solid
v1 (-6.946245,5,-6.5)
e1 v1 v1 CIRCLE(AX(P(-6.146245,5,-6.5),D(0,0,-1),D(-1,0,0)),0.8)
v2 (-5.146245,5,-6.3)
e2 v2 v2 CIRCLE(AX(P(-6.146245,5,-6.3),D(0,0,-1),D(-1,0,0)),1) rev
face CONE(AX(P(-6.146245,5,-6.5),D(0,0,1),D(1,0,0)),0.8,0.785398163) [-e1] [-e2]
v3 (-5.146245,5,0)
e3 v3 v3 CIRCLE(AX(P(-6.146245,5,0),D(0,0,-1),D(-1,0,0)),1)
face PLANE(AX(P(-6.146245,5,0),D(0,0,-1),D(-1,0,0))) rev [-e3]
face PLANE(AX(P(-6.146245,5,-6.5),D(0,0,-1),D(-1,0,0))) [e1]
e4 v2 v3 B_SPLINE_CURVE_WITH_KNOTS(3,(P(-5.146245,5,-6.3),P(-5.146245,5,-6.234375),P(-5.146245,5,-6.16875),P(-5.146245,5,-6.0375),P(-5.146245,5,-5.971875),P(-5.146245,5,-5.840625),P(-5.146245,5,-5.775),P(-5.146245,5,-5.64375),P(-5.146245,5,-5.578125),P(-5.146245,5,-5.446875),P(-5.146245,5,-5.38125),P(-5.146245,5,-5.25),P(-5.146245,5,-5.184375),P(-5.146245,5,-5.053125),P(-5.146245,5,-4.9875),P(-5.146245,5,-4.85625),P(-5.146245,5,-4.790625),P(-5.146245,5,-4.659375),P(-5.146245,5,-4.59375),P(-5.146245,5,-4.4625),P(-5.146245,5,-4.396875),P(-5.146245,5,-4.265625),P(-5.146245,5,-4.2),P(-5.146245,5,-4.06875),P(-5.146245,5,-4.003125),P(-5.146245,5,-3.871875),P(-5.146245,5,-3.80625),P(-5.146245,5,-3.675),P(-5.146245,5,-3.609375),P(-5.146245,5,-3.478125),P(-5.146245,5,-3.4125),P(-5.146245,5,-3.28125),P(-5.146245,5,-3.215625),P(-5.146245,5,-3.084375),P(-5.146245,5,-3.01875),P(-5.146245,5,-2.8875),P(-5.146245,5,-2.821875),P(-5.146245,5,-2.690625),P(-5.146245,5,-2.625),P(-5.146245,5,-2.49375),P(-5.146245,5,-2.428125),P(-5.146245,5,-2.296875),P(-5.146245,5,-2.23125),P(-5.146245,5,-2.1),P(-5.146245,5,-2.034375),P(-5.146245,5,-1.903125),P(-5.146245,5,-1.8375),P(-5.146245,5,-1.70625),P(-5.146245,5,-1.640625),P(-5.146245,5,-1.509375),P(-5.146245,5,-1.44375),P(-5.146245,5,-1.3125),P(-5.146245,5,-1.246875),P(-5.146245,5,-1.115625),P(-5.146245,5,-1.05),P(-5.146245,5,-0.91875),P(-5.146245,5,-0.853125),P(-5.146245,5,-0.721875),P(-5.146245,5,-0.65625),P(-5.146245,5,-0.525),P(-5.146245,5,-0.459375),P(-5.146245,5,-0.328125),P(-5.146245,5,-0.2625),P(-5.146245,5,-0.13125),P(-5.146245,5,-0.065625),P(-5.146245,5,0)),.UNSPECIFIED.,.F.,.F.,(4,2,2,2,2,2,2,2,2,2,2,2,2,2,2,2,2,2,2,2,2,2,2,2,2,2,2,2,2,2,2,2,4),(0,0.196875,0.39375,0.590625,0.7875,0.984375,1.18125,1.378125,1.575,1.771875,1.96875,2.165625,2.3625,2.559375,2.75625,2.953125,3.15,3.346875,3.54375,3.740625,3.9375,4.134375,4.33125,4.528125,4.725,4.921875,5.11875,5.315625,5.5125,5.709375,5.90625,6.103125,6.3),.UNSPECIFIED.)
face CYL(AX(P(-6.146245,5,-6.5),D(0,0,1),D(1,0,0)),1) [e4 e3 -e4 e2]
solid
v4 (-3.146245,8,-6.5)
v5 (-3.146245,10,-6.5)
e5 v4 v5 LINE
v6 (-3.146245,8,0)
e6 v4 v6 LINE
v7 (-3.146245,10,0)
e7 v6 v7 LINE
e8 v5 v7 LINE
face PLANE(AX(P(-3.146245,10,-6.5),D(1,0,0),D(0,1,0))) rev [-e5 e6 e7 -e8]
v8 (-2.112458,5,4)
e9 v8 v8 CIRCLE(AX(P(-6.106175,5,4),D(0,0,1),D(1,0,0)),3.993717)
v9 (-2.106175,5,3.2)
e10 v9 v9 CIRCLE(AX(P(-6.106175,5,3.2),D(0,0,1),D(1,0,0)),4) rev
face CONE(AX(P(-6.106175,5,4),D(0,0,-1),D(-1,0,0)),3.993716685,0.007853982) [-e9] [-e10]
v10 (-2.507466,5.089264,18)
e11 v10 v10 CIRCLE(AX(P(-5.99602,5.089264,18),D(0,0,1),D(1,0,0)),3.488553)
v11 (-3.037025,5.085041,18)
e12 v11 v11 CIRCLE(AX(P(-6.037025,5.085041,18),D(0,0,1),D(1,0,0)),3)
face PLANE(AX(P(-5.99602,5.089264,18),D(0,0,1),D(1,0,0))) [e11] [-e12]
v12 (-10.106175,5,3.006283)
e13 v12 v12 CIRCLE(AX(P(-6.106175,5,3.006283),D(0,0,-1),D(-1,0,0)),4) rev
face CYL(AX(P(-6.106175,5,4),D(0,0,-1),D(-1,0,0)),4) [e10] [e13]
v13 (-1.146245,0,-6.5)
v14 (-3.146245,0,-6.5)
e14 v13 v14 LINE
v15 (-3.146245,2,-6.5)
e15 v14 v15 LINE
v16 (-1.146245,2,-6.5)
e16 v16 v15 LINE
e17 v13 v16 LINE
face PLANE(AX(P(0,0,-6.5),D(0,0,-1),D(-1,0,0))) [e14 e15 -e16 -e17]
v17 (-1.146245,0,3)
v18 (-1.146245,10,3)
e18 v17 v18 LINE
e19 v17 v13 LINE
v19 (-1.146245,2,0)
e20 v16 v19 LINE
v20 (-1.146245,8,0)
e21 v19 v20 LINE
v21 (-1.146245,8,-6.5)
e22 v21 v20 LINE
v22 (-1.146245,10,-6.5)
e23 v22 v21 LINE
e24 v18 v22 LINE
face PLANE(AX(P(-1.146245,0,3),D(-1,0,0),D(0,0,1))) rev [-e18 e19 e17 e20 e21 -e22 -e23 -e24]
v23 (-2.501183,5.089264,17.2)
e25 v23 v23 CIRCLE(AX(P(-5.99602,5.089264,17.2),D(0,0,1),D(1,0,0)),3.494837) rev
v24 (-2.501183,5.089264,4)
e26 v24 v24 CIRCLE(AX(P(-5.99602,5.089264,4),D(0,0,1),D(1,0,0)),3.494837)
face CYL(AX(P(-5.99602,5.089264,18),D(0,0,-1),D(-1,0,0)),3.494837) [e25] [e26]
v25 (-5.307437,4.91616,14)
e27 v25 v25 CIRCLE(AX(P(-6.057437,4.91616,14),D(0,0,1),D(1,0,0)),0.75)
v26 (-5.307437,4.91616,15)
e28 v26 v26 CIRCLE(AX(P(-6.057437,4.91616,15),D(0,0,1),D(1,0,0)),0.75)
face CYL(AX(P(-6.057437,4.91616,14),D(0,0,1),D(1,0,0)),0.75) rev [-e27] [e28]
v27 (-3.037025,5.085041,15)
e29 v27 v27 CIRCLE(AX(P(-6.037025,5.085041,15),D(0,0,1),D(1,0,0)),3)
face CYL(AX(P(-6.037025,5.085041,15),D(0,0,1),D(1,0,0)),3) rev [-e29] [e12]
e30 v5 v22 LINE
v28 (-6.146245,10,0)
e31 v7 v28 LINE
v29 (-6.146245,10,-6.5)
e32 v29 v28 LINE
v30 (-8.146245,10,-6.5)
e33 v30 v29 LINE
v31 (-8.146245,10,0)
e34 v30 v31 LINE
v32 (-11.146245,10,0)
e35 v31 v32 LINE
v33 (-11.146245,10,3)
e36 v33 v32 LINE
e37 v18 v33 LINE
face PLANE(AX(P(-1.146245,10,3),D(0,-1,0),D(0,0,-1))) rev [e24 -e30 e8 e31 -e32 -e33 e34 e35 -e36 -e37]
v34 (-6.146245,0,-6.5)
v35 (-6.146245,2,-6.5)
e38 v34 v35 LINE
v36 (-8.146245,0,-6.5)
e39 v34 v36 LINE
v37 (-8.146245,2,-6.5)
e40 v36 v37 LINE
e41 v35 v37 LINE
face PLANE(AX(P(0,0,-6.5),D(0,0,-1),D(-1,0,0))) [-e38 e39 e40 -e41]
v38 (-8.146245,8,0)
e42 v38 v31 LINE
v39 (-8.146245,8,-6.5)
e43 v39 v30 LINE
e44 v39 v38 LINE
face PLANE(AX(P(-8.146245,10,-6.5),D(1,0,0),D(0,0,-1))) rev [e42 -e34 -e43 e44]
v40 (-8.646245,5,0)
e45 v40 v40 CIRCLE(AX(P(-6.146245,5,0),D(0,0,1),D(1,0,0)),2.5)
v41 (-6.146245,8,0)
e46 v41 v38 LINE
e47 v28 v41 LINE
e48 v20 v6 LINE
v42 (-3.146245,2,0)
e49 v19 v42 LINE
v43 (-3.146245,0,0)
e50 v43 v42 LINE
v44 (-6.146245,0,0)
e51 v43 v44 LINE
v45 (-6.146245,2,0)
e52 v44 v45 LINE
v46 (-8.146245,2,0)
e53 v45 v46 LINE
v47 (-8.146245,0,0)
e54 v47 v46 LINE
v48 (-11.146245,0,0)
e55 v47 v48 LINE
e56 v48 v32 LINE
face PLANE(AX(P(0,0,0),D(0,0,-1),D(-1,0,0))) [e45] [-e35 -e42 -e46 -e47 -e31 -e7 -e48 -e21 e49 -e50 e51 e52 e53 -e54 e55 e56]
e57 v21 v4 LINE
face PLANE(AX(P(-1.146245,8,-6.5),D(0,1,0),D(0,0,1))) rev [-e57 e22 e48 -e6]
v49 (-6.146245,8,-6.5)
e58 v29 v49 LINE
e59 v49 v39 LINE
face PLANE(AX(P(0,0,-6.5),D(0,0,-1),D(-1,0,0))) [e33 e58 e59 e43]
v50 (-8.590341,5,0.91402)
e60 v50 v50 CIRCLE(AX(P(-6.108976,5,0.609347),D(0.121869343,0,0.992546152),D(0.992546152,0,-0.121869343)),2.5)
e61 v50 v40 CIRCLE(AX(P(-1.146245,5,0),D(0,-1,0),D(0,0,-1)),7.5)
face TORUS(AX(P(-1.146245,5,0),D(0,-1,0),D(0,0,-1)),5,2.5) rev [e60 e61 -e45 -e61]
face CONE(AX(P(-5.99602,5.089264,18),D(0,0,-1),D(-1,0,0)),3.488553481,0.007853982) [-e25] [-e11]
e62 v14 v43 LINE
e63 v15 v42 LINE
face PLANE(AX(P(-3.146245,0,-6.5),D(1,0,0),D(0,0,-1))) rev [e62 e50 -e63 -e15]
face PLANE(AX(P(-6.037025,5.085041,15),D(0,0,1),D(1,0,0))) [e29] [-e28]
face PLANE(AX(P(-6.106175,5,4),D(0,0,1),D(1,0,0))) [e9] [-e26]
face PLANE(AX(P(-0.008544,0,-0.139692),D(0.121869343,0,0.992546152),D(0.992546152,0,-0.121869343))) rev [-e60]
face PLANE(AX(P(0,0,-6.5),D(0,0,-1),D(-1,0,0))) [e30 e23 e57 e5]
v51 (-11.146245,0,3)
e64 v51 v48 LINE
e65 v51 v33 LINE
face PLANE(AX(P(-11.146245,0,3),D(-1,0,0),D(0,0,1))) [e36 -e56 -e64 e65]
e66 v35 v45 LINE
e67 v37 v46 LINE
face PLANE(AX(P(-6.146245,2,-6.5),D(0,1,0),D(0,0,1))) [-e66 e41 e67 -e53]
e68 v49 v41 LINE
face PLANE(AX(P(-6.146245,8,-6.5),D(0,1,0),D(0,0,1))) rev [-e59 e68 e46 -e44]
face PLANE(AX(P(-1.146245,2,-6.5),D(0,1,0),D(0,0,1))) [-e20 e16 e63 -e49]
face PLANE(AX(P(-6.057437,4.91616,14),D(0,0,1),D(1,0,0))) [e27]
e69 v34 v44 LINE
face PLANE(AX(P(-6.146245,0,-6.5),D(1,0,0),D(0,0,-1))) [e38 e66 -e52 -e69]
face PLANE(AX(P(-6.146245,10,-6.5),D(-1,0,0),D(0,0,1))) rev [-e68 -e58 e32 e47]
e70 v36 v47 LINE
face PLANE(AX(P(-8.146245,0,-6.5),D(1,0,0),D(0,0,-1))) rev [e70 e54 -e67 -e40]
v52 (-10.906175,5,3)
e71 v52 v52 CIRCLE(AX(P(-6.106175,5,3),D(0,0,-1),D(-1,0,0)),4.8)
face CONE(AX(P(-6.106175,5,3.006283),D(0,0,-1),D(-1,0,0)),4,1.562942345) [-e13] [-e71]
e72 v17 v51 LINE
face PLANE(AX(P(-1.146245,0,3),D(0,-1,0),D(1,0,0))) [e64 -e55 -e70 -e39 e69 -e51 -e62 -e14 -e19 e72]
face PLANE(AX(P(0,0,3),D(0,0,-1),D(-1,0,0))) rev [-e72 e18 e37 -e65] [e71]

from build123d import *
from OCP.BRepFilletAPI import BRepFilletAPI_MakeChamfer

# Parameters (mm, degrees)
SKETCH1_W           = 10
SKETCH1_H           = 10
BOSS_EXTRUDE1_DEPTH = 3
SKETCH2_R           = 2.5
CUT_REVOLVE1_ANGLE  = 7
SKETCH3_W           = 2
SKETCH3_H           = 2
BOSS_EXTRUDE2_DEPTH = 6.5
SKETCH4_W           = 2
SKETCH4_H           = 2
BOSS_EXTRUDE3_DEPTH = 6.5
SKETCH5_W           = 2
SKETCH5_H           = 2
BOSS_EXTRUDE4_DEPTH = 6.5
SKETCH6_R           = 1
BOSS_EXTRUDE5_DEPTH = 6.5
CHAMFER2_SIZE       = 0.2
SKETCH7_R           = 4
BOSS_EXTRUDE6_DEPTH = 1
CHAMFER10_SIZE      = 0.8
CHAMFER10_SIZE2     = 0.006283315
SKETCH9_R           = 3.494836796
BOSS_EXTRUDE7_DEPTH = 14
CHAMFER11_SIZE      = 0.8
CHAMFER11_SIZE2     = 0.006283315
SKETCH11_R          = 3
CUT_EXTRUDE1_DEPTH  = 3
SKETCH12_R          = 0.75
CUT_EXTRUDE2_DEPTH  = 1


with BuildPart() as part:
    # Sketch1 → Boss-Extrude1 (new body)
    with BuildSketch(Plane.XY):
        with Locations((-6.146245059, 5)):
            Rectangle(SKETCH1_W, SKETCH1_H)
    extrude(amount=BOSS_EXTRUDE1_DEPTH)

    # Sketch2 → Cut-Revolve1 (revolve, cut)
    with BuildSketch(Plane.XY):
        with Locations((-6.146245059, 5)):
            Circle(SKETCH2_R)
    revolve(axis=Axis((-1.146245059, 0, 0), (0, 1, 0)), revolution_arc=CUT_REVOLVE1_ANGLE, mode=Mode.SUBTRACT)

    # Sketch3 → Boss-Extrude2 (add)
    with BuildSketch(Plane(origin=(0, 0, 0), x_dir=(-1, 0, 0), z_dir=(0, 0, -1))):
        with Locations((2.146245059, 1)):
            Rectangle(SKETCH3_W, SKETCH3_H)
    extrude(amount=BOSS_EXTRUDE2_DEPTH)

    # Sketch4 → Boss-Extrude3 (add)
    with BuildSketch(Plane(origin=(0, 0, 0), x_dir=(-1, 0, 0), z_dir=(0, 0, -1))):
        with Locations((7.146245059, 1)):
            Rectangle(SKETCH4_W, SKETCH4_H)
    extrude(amount=BOSS_EXTRUDE3_DEPTH)

    # Sketch5 → Boss-Extrude4 (add)
    with BuildSketch(Plane(origin=(0, 0, 0), x_dir=(-1, 0, 0), z_dir=(0, 0, -1))):
        with Locations((2.146245059, 9)):
            Rectangle(SKETCH5_W, SKETCH5_H)
        with Locations((7.146245059, 9)):
            Rectangle(SKETCH5_W, SKETCH5_H)
    extrude(amount=BOSS_EXTRUDE4_DEPTH)

    # Sketch7 → Boss-Extrude6 (add)
    with BuildSketch(Plane.XY.offset(3)):
        with Locations((-6.106175015, 5)):
            Circle(SKETCH7_R)
    extrude(amount=BOSS_EXTRUDE6_DEPTH)

    # Chamfer10: one chamfer whose edges measure the first distance from different faces: ONE call of the kernel's chamfer builder (chamfer() names one face for all edges)
    chamfer10_edges_1 = [part.edges().sort_by_distance(p)[0] for p in [
        (-10.106175015, 5, 3),
    ]]
    chamfer10_side_1 = [part.faces().sort_by_distance(p)[0] for p in [
        (-6.146245059, 0.141421356, 3),
    ]]
    chamfer10_edges_2 = [part.edges().sort_by_distance(p)[0] for p in [
        (-10.106175015, 5, 4),
    ]]
    chamfer10_side_2 = [part.faces().sort_by_distance(p)[0] for p in [
        (-10.106175015, 5, 3.5),
    ]]
    chamfer10 = BRepFilletAPI_MakeChamfer(part.part.solid().wrapped)
    for e in chamfer10_edges_1:
        chamfer10.Add(CHAMFER10_SIZE, CHAMFER10_SIZE2, e.wrapped, chamfer10_side_1[0].wrapped)  # the first distance lies on this face
    for e in chamfer10_edges_2:
        chamfer10.Add(CHAMFER10_SIZE, CHAMFER10_SIZE2, e.wrapped, chamfer10_side_2[0].wrapped)  # the first distance lies on this face
    add(Compound.cast(chamfer10.Shape()), mode=Mode.REPLACE)

    # Sketch9 → Boss-Extrude7 (add)
    with BuildSketch(Plane.XY.offset(4)):
        with Locations((-5.996019597, 5.089264212)):
            Circle(SKETCH9_R)
    extrude(amount=BOSS_EXTRUDE7_DEPTH)

    # Chamfer11
    chamfer11_edges = [part.edges().sort_by_distance(p)[0] for p in [
        (-9.490856393, 5.089264212, 18),
    ]]
    chamfer11_side = [part.faces().sort_by_distance(p)[0] for p in [
        (-9.490856393, 5.089264212, 11),
    ]]
    chamfer(chamfer11_edges, length=CHAMFER11_SIZE, length2=CHAMFER11_SIZE2, reference=chamfer11_side[0])

    # Sketch11 → Cut-Extrude1 (cut)
    with BuildSketch(Plane.XY.offset(18)):
        with Locations((-6.03702539, 5.085040529)):
            Circle(SKETCH11_R)
    extrude(amount=-CUT_EXTRUDE1_DEPTH, mode=Mode.SUBTRACT)

    # Sketch12 → Cut-Extrude2 (cut)
    with BuildSketch(Plane.XY.offset(15)):
        with Locations((-6.057436588, 4.916159933)):
            Circle(SKETCH12_R)
    extrude(amount=-CUT_EXTRUDE2_DEPTH, mode=Mode.SUBTRACT)


with BuildPart() as body_2:
    # Sketch6 → Boss-Extrude5 (new body)
    with BuildSketch(Plane(origin=(0, 0, 0), x_dir=(-1, 0, 0), z_dir=(0, 0, -1))):
        with Locations(Location((6.146245059, 5, 0), (0, 0, 180))):
            Circle(SKETCH6_R)
    extrude(amount=BOSS_EXTRUDE5_DEPTH)

    # Chamfer2
    chamfer2_edges = [body_2.edges().sort_by_distance(p)[0] for p in [
        (-7.146245059, 5, -6.5),
    ]]
    chamfer(chamfer2_edges, length=CHAMFER2_SIZE)


solid = Compound([part.part, body_2.part])
